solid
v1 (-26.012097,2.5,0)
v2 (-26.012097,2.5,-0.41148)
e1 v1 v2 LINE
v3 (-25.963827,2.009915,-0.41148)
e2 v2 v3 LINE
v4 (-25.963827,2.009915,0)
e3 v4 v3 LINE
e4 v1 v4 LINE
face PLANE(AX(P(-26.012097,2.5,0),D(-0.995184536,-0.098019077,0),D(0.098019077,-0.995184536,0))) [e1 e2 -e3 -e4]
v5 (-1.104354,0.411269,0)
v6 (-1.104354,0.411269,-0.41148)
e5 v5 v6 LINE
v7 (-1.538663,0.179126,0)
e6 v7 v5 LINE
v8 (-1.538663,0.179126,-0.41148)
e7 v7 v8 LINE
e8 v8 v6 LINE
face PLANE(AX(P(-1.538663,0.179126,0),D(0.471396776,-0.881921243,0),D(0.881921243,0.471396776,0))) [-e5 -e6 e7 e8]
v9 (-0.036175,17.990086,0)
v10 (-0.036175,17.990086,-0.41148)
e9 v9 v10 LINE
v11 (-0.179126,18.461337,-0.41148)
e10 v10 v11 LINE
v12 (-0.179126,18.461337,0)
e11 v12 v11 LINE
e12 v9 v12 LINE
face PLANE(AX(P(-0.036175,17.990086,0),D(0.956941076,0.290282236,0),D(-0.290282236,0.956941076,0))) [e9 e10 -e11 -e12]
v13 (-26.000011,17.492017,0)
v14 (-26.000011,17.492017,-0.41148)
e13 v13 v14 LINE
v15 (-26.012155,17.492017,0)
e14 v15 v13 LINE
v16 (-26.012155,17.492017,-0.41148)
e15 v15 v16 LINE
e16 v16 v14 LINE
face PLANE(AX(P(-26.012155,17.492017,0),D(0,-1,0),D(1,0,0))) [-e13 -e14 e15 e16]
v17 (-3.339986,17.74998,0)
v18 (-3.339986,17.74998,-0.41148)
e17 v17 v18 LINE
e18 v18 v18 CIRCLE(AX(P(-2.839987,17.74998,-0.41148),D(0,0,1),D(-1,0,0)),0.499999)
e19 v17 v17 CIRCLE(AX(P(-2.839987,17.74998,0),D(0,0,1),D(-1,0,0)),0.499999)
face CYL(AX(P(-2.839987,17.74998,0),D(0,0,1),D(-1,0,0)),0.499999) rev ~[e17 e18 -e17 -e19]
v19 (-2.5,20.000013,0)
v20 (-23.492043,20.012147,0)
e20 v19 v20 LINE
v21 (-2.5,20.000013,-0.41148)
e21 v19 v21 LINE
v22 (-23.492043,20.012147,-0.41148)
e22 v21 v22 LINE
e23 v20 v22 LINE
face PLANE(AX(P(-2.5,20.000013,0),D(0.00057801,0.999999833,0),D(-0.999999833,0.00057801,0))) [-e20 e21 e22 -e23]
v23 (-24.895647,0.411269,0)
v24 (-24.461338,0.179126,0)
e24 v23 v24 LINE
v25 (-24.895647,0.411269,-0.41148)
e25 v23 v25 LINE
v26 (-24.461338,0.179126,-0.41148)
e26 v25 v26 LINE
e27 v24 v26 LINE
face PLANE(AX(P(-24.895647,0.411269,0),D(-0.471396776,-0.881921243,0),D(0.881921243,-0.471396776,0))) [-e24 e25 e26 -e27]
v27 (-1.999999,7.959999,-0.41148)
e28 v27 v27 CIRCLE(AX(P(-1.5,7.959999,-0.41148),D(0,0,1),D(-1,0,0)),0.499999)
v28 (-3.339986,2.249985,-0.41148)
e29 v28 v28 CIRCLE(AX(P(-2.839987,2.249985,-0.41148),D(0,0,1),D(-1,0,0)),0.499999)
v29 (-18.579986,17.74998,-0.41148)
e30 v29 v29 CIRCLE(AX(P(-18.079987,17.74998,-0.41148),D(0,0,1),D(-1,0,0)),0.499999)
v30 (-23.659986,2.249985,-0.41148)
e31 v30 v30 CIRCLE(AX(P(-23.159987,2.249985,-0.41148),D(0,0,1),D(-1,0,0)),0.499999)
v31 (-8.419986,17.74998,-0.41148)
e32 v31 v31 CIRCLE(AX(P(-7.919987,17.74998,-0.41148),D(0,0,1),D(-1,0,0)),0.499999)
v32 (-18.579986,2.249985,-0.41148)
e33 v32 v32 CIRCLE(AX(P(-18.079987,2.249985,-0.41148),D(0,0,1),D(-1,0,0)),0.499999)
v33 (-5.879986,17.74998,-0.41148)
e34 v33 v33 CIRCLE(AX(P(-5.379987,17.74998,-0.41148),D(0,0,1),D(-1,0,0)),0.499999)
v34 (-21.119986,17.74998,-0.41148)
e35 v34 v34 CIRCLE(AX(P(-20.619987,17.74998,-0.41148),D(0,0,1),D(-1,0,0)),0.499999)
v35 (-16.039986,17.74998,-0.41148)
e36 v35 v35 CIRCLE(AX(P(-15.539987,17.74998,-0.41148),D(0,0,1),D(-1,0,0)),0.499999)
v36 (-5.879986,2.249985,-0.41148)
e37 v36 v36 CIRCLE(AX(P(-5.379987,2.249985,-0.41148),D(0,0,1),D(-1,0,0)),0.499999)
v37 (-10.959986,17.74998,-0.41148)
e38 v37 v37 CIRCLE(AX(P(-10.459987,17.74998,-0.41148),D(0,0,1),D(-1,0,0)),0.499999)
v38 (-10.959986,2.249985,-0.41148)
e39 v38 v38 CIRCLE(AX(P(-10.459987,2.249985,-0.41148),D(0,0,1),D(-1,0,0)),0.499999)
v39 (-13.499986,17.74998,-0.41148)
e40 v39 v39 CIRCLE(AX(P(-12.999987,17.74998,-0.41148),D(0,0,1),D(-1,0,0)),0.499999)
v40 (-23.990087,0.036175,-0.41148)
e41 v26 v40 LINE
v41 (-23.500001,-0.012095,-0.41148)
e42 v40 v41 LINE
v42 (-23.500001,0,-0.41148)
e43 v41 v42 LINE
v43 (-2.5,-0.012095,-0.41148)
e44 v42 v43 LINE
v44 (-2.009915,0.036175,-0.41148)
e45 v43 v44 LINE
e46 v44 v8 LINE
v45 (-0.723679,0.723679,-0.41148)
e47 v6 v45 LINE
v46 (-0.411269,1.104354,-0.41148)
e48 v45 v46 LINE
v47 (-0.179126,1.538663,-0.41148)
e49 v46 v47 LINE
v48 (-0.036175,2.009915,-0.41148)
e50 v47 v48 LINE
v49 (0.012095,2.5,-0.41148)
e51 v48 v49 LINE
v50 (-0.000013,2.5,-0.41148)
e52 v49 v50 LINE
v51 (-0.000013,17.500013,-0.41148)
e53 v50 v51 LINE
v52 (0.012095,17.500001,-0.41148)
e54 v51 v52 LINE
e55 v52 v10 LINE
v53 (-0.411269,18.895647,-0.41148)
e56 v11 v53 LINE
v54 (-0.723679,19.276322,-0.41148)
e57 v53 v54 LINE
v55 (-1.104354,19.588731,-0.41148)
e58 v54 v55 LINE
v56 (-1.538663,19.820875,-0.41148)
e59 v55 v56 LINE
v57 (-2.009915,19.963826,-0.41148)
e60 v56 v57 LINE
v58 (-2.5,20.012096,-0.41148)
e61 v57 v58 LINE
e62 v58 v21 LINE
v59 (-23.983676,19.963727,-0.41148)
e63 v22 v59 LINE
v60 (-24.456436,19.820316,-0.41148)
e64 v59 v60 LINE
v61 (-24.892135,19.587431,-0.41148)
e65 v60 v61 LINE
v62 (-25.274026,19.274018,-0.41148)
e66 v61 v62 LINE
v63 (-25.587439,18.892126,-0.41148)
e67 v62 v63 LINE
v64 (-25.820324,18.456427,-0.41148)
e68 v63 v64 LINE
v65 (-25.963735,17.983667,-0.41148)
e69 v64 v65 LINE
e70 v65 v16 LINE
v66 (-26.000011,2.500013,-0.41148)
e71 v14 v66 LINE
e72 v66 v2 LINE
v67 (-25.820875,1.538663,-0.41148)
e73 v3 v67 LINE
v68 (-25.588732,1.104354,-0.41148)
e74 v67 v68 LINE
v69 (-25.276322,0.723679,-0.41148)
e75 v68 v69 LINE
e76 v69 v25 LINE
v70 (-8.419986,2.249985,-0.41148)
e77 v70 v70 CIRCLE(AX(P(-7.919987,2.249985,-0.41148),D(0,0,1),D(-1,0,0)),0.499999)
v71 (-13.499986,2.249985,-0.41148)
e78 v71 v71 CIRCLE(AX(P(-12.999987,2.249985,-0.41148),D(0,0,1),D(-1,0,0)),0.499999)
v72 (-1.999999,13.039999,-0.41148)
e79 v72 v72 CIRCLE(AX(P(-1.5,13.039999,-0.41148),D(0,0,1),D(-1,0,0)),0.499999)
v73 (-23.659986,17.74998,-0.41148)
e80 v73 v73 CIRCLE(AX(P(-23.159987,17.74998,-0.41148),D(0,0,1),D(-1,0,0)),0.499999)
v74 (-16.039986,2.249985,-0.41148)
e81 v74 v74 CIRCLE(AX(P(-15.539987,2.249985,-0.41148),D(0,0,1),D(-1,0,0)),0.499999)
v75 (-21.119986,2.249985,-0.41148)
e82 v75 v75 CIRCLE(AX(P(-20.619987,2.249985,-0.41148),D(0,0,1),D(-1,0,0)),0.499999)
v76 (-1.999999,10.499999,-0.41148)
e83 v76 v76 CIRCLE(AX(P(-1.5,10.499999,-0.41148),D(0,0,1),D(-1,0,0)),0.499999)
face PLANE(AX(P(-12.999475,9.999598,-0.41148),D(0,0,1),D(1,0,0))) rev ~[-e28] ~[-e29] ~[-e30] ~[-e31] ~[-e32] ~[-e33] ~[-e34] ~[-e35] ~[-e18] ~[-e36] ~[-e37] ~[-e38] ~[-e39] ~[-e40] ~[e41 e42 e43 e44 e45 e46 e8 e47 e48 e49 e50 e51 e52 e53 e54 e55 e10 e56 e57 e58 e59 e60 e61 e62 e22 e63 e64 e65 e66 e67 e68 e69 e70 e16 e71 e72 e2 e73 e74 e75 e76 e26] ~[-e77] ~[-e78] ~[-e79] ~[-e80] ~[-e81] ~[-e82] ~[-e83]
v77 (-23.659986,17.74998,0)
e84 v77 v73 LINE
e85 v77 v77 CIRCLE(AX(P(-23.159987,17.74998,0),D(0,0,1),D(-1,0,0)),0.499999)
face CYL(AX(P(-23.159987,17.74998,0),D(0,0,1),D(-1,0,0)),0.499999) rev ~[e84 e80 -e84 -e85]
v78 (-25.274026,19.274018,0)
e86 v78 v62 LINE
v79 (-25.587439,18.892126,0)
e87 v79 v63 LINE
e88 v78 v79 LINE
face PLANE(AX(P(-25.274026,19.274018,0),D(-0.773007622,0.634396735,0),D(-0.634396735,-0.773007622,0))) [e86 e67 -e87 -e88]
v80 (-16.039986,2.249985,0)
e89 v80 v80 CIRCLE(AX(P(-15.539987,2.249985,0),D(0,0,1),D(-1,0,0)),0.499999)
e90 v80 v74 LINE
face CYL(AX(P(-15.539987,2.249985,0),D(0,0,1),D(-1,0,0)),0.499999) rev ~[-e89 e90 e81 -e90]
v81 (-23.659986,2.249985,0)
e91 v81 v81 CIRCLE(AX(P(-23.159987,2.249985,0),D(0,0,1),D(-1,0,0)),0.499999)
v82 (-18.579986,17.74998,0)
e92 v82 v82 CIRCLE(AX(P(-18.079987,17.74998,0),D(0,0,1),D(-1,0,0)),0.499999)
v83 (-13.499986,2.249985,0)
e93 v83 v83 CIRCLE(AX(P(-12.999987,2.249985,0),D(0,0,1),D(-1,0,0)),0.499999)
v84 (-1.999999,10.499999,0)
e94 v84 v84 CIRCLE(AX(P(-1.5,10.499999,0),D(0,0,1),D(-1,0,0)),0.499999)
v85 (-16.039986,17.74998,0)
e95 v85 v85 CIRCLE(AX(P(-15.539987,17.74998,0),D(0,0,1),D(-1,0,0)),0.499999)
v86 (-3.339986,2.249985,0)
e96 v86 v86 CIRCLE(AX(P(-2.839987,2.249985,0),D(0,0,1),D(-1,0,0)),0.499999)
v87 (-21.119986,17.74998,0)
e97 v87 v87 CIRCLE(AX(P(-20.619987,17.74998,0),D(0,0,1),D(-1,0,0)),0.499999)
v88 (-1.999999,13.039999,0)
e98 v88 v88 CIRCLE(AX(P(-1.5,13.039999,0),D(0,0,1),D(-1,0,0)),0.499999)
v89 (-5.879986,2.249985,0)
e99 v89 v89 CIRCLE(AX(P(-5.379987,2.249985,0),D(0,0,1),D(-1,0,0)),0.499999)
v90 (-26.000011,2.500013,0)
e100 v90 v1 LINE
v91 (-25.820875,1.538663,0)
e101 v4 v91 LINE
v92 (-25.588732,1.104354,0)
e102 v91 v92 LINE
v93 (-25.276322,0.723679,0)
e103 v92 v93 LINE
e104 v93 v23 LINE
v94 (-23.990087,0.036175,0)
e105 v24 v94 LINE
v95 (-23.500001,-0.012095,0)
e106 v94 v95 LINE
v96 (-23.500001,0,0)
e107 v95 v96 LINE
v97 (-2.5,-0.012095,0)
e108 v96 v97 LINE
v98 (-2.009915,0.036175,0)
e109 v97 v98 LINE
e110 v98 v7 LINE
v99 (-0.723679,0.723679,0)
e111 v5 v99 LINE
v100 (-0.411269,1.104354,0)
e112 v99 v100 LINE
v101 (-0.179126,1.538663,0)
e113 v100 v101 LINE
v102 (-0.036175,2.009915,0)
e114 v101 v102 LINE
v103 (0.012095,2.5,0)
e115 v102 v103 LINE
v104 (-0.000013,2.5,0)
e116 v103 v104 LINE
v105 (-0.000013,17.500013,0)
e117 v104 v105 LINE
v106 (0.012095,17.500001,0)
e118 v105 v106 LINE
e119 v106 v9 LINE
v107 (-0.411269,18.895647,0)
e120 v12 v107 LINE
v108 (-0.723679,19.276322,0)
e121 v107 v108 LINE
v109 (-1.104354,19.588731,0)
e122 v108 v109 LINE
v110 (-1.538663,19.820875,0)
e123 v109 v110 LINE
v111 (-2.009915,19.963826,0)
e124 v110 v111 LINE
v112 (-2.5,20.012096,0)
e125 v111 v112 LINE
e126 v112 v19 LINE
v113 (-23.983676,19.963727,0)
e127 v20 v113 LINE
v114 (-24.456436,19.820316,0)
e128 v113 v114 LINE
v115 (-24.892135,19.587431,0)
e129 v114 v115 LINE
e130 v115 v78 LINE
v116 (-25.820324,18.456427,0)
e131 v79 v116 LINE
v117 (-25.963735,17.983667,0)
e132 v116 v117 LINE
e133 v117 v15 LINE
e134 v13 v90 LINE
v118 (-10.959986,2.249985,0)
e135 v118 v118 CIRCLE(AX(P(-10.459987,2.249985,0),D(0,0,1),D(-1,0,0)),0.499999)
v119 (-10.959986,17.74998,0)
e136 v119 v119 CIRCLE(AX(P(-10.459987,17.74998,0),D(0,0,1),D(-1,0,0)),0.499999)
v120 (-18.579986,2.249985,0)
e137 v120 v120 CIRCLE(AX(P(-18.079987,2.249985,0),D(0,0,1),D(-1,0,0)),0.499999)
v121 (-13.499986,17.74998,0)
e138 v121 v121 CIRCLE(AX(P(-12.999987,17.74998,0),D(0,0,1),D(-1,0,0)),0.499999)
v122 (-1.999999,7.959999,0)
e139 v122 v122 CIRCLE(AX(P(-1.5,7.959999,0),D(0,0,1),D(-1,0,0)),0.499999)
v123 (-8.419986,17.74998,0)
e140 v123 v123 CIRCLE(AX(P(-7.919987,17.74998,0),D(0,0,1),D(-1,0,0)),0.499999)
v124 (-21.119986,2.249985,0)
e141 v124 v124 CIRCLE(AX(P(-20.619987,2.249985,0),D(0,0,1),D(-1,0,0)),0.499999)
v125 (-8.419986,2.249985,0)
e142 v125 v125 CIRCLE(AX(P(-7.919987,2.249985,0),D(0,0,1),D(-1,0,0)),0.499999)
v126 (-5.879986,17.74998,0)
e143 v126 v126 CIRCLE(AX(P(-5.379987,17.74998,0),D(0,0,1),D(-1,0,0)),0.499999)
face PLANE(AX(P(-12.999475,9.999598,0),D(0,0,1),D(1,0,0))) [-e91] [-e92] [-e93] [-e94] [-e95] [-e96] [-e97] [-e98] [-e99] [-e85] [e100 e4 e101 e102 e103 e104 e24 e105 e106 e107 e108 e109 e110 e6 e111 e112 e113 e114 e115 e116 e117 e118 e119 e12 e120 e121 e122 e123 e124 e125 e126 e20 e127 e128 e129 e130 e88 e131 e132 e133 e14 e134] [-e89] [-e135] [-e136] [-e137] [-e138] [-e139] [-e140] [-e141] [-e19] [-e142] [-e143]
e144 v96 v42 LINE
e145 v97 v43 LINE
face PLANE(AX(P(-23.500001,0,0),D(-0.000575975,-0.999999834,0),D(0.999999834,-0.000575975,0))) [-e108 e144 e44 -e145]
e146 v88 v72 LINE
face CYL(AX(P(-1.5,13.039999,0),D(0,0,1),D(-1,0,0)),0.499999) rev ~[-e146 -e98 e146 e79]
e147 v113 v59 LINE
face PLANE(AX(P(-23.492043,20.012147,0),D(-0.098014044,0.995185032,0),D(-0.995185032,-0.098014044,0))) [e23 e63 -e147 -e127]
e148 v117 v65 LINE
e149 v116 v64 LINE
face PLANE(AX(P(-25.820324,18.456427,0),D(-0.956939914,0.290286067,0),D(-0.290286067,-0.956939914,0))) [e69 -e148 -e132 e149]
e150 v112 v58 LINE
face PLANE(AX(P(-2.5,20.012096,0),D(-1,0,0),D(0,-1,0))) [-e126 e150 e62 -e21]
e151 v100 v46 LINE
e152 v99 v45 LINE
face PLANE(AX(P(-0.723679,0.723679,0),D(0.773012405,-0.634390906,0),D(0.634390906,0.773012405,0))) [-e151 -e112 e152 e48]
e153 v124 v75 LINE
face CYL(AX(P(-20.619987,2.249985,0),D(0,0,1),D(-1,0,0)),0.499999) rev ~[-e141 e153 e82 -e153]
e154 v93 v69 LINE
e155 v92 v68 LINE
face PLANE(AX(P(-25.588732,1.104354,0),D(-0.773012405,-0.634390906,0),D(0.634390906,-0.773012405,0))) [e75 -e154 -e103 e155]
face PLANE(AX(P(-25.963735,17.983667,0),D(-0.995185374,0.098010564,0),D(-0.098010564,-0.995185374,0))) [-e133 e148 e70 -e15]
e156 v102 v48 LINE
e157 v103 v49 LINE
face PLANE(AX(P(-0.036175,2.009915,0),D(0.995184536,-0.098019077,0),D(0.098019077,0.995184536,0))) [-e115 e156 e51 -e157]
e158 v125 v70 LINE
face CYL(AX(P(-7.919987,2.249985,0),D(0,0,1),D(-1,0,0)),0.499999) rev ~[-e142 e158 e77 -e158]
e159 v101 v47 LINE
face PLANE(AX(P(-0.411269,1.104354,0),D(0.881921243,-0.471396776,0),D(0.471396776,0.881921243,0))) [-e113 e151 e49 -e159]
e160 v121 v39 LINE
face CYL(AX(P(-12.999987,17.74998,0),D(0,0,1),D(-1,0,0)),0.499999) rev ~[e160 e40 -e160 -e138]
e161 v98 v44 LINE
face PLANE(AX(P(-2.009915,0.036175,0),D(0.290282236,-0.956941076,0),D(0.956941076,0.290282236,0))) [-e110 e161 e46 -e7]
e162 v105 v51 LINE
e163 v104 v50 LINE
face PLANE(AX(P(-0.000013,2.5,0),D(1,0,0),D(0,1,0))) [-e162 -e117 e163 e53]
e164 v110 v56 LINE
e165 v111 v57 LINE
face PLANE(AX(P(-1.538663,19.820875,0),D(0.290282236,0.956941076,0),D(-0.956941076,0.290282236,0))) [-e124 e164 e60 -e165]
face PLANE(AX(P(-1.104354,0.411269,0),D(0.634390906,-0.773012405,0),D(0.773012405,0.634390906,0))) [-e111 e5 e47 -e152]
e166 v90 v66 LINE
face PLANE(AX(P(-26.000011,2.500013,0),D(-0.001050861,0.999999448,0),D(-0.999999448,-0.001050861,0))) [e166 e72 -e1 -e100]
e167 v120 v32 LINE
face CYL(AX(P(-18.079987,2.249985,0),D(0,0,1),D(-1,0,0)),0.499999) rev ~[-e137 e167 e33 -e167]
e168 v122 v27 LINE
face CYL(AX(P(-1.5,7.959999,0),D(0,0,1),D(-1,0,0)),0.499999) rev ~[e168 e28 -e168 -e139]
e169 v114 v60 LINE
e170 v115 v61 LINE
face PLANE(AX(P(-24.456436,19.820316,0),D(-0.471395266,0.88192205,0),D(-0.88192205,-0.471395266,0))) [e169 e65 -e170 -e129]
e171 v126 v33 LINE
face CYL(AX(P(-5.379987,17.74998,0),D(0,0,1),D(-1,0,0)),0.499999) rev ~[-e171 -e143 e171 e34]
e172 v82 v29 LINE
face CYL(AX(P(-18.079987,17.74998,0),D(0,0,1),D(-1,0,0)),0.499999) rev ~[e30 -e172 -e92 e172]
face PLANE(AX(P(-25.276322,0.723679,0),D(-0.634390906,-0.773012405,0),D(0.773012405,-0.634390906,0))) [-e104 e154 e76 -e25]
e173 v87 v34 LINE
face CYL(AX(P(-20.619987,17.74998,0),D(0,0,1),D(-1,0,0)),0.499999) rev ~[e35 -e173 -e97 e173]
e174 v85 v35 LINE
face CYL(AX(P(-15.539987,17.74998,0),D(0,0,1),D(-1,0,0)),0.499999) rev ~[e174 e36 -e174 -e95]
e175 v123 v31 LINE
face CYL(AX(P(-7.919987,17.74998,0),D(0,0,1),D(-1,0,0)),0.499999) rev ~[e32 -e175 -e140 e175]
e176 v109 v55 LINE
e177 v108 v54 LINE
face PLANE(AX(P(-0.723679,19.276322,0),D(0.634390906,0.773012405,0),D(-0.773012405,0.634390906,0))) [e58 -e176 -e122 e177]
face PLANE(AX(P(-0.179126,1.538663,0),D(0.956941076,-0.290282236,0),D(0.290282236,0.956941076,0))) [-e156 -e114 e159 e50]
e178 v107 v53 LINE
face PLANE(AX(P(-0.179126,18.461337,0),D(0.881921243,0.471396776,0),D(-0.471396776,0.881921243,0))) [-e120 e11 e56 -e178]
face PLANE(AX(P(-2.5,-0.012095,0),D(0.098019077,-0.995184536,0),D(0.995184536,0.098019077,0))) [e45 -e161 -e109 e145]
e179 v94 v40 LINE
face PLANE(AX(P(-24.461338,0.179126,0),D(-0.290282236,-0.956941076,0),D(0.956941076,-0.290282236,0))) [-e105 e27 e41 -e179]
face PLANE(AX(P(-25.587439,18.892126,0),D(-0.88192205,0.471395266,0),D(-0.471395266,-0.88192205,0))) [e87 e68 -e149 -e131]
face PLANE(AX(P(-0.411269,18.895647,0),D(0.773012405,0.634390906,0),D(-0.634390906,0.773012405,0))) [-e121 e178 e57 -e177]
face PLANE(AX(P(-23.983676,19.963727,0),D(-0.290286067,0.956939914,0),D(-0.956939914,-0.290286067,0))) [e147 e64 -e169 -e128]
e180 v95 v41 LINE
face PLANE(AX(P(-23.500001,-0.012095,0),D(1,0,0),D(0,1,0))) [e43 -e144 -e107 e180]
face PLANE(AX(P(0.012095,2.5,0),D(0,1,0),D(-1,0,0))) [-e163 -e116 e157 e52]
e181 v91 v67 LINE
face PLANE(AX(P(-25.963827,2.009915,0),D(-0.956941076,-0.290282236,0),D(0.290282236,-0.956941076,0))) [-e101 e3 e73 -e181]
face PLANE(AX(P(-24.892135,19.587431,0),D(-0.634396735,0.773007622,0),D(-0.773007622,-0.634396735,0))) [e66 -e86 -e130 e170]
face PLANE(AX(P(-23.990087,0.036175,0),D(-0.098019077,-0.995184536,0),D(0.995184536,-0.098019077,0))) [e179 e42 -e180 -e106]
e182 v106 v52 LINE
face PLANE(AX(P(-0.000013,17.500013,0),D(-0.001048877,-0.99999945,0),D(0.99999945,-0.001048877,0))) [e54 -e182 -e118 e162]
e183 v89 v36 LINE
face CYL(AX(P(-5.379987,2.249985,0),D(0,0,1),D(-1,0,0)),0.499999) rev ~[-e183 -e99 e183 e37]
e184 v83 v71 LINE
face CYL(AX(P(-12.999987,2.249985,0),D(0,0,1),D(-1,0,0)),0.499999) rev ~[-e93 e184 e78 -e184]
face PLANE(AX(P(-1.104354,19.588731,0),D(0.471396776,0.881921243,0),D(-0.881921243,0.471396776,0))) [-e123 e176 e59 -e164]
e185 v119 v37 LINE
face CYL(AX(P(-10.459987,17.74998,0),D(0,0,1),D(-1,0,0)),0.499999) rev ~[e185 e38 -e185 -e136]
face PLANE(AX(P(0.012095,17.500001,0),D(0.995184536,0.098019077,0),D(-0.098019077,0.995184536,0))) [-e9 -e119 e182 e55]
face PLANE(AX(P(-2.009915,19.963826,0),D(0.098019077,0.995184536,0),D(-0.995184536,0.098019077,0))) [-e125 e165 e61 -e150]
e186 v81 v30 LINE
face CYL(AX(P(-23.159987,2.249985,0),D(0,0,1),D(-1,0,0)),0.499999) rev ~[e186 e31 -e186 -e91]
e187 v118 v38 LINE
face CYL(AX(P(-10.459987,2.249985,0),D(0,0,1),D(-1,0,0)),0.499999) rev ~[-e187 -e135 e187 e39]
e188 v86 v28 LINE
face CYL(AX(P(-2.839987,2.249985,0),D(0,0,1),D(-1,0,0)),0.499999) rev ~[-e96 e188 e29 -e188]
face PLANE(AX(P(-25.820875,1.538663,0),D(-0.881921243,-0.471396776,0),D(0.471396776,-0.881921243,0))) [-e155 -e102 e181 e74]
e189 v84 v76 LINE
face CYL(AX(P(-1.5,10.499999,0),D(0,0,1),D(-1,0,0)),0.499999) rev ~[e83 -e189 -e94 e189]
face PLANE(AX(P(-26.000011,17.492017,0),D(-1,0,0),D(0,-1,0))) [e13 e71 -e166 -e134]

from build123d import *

# Parameters (mm, degrees)
SKETCH_1_R      = 0.499999
EXTRUDE_1_DEPTH = 0.41148


with BuildPart() as part:
    # 草图1 → 凸台-拉伸1 (new body)
    with BuildSketch(Plane.XY):
        Polygon((-23.99008664, 0.03617468), (-23.50000126, -0.01209548), (-23.50000126, 0), (-2.50000008, -0.01209548), (-2.0099147, 0.03617468), (-1.53866342, 0.17912588), (-1.1043539, 0.41126918), (-0.72367902, 0.72367902), (-0.41126918, 1.1043539), (-0.17912588, 1.53866342), (-0.03617468, 2.0099147), (0.01209548, 2.50000008), (-1.27e-05, 2.50000008), (-1.27e-05, 17.50001326), (0.01209548, 17.50000056), (-0.03617468, 17.99008594), (-0.17912588, 18.46133722), (-0.41126918, 18.89564674), (-0.72367902, 19.27632162), (-1.1043539, 19.58873146), (-1.53866342, 19.82087476), (-2.0099147, 19.96382596), (-2.50000008, 20.01209612), (-2.50000008, 20.000013333), (-23.492043121, 20.012146936), (-23.98367568, 19.9637269), (-24.45643572, 19.82031596), (-24.89213462, 19.58743098), (-25.27402616, 19.27401784), (-25.5874393, 18.8921263), (-25.82032428, 18.4564274), (-25.96373522, 17.98366736), (-26.01215524, 17.49201734), (-26.0000115, 17.49201734), (-26.0000115, 2.50001278), (-26.01209682, 2.50000008), (-25.96382666, 2.0099147), (-25.82087546, 1.53866342), (-25.58873216, 1.1043539), (-25.27632232, 0.72367902), (-24.89564744, 0.41126918), (-24.46133792, 0.17912588), align=None)
        with Locations(Location((-23.1599867, 17.74997974, 0), (0, 0, 180))):
            Circle(SKETCH_1_R, mode=Mode.SUBTRACT)
        with Locations(Location((-20.6199867, 17.74997974, 0), (0, 0, 180))):
            Circle(SKETCH_1_R, mode=Mode.SUBTRACT)
        with Locations(Location((-20.6199867, 2.24998534, 0), (0, 0, 180))):
            Circle(SKETCH_1_R, mode=Mode.SUBTRACT)
        with Locations(Location((-15.5399867, 17.74997974, 0), (0, 0, 180))):
            Circle(SKETCH_1_R, mode=Mode.SUBTRACT)
        with Locations(Location((-12.9999867, 17.74997974, 0), (0, 0, 180))):
            Circle(SKETCH_1_R, mode=Mode.SUBTRACT)
        with Locations(Location((-18.0799867, 17.74997974, 0), (0, 0, 180))):
            Circle(SKETCH_1_R, mode=Mode.SUBTRACT)
        with Locations(Location((-18.0799867, 2.24998534, 0), (0, 0, 180))):
            Circle(SKETCH_1_R, mode=Mode.SUBTRACT)
        with Locations(Location((-15.5399867, 2.24998534, 0), (0, 0, 180))):
            Circle(SKETCH_1_R, mode=Mode.SUBTRACT)
        with Locations(Location((-23.1599867, 2.24998534, 0), (0, 0, 180))):
            Circle(SKETCH_1_R, mode=Mode.SUBTRACT)
        with Locations(Location((-10.4599867, 2.24998534, 0), (0, 0, 180))):
            Circle(SKETCH_1_R, mode=Mode.SUBTRACT)
        with Locations(Location((-12.9999867, 2.24998534, 0), (0, 0, 180))):
            Circle(SKETCH_1_R, mode=Mode.SUBTRACT)
        with Locations(Location((-7.9199867, 17.74997974, 0), (0, 0, 180))):
            Circle(SKETCH_1_R, mode=Mode.SUBTRACT)
        with Locations(Location((-5.3799867, 17.74997974, 0), (0, 0, 180))):
            Circle(SKETCH_1_R, mode=Mode.SUBTRACT)
        with Locations(Location((-10.4599867, 17.74997974, 0), (0, 0, 180))):
            Circle(SKETCH_1_R, mode=Mode.SUBTRACT)
        with Locations(Location((-2.8399867, 17.74997974, 0), (0, 0, 180))):
            Circle(SKETCH_1_R, mode=Mode.SUBTRACT)
        with Locations(Location((-1.49999954, 13.03999932, 0), (0, 0, 180))):
            Circle(SKETCH_1_R, mode=Mode.SUBTRACT)
        with Locations(Location((-5.3799867, 2.24998534, 0), (0, 0, 180))):
            Circle(SKETCH_1_R, mode=Mode.SUBTRACT)
        with Locations(Location((-2.8399867, 2.24998534, 0), (0, 0, 180))):
            Circle(SKETCH_1_R, mode=Mode.SUBTRACT)
        with Locations(Location((-7.9199867, 2.24998534, 0), (0, 0, 180))):
            Circle(SKETCH_1_R, mode=Mode.SUBTRACT)
        with Locations(Location((-1.49999954, 10.49999932, 0), (0, 0, 180))):
            Circle(SKETCH_1_R, mode=Mode.SUBTRACT)
        with Locations(Location((-1.49999954, 7.95999932, 0), (0, 0, 180))):
            Circle(SKETCH_1_R, mode=Mode.SUBTRACT)
    extrude(amount=-EXTRUDE_1_DEPTH)


solid = part.part
